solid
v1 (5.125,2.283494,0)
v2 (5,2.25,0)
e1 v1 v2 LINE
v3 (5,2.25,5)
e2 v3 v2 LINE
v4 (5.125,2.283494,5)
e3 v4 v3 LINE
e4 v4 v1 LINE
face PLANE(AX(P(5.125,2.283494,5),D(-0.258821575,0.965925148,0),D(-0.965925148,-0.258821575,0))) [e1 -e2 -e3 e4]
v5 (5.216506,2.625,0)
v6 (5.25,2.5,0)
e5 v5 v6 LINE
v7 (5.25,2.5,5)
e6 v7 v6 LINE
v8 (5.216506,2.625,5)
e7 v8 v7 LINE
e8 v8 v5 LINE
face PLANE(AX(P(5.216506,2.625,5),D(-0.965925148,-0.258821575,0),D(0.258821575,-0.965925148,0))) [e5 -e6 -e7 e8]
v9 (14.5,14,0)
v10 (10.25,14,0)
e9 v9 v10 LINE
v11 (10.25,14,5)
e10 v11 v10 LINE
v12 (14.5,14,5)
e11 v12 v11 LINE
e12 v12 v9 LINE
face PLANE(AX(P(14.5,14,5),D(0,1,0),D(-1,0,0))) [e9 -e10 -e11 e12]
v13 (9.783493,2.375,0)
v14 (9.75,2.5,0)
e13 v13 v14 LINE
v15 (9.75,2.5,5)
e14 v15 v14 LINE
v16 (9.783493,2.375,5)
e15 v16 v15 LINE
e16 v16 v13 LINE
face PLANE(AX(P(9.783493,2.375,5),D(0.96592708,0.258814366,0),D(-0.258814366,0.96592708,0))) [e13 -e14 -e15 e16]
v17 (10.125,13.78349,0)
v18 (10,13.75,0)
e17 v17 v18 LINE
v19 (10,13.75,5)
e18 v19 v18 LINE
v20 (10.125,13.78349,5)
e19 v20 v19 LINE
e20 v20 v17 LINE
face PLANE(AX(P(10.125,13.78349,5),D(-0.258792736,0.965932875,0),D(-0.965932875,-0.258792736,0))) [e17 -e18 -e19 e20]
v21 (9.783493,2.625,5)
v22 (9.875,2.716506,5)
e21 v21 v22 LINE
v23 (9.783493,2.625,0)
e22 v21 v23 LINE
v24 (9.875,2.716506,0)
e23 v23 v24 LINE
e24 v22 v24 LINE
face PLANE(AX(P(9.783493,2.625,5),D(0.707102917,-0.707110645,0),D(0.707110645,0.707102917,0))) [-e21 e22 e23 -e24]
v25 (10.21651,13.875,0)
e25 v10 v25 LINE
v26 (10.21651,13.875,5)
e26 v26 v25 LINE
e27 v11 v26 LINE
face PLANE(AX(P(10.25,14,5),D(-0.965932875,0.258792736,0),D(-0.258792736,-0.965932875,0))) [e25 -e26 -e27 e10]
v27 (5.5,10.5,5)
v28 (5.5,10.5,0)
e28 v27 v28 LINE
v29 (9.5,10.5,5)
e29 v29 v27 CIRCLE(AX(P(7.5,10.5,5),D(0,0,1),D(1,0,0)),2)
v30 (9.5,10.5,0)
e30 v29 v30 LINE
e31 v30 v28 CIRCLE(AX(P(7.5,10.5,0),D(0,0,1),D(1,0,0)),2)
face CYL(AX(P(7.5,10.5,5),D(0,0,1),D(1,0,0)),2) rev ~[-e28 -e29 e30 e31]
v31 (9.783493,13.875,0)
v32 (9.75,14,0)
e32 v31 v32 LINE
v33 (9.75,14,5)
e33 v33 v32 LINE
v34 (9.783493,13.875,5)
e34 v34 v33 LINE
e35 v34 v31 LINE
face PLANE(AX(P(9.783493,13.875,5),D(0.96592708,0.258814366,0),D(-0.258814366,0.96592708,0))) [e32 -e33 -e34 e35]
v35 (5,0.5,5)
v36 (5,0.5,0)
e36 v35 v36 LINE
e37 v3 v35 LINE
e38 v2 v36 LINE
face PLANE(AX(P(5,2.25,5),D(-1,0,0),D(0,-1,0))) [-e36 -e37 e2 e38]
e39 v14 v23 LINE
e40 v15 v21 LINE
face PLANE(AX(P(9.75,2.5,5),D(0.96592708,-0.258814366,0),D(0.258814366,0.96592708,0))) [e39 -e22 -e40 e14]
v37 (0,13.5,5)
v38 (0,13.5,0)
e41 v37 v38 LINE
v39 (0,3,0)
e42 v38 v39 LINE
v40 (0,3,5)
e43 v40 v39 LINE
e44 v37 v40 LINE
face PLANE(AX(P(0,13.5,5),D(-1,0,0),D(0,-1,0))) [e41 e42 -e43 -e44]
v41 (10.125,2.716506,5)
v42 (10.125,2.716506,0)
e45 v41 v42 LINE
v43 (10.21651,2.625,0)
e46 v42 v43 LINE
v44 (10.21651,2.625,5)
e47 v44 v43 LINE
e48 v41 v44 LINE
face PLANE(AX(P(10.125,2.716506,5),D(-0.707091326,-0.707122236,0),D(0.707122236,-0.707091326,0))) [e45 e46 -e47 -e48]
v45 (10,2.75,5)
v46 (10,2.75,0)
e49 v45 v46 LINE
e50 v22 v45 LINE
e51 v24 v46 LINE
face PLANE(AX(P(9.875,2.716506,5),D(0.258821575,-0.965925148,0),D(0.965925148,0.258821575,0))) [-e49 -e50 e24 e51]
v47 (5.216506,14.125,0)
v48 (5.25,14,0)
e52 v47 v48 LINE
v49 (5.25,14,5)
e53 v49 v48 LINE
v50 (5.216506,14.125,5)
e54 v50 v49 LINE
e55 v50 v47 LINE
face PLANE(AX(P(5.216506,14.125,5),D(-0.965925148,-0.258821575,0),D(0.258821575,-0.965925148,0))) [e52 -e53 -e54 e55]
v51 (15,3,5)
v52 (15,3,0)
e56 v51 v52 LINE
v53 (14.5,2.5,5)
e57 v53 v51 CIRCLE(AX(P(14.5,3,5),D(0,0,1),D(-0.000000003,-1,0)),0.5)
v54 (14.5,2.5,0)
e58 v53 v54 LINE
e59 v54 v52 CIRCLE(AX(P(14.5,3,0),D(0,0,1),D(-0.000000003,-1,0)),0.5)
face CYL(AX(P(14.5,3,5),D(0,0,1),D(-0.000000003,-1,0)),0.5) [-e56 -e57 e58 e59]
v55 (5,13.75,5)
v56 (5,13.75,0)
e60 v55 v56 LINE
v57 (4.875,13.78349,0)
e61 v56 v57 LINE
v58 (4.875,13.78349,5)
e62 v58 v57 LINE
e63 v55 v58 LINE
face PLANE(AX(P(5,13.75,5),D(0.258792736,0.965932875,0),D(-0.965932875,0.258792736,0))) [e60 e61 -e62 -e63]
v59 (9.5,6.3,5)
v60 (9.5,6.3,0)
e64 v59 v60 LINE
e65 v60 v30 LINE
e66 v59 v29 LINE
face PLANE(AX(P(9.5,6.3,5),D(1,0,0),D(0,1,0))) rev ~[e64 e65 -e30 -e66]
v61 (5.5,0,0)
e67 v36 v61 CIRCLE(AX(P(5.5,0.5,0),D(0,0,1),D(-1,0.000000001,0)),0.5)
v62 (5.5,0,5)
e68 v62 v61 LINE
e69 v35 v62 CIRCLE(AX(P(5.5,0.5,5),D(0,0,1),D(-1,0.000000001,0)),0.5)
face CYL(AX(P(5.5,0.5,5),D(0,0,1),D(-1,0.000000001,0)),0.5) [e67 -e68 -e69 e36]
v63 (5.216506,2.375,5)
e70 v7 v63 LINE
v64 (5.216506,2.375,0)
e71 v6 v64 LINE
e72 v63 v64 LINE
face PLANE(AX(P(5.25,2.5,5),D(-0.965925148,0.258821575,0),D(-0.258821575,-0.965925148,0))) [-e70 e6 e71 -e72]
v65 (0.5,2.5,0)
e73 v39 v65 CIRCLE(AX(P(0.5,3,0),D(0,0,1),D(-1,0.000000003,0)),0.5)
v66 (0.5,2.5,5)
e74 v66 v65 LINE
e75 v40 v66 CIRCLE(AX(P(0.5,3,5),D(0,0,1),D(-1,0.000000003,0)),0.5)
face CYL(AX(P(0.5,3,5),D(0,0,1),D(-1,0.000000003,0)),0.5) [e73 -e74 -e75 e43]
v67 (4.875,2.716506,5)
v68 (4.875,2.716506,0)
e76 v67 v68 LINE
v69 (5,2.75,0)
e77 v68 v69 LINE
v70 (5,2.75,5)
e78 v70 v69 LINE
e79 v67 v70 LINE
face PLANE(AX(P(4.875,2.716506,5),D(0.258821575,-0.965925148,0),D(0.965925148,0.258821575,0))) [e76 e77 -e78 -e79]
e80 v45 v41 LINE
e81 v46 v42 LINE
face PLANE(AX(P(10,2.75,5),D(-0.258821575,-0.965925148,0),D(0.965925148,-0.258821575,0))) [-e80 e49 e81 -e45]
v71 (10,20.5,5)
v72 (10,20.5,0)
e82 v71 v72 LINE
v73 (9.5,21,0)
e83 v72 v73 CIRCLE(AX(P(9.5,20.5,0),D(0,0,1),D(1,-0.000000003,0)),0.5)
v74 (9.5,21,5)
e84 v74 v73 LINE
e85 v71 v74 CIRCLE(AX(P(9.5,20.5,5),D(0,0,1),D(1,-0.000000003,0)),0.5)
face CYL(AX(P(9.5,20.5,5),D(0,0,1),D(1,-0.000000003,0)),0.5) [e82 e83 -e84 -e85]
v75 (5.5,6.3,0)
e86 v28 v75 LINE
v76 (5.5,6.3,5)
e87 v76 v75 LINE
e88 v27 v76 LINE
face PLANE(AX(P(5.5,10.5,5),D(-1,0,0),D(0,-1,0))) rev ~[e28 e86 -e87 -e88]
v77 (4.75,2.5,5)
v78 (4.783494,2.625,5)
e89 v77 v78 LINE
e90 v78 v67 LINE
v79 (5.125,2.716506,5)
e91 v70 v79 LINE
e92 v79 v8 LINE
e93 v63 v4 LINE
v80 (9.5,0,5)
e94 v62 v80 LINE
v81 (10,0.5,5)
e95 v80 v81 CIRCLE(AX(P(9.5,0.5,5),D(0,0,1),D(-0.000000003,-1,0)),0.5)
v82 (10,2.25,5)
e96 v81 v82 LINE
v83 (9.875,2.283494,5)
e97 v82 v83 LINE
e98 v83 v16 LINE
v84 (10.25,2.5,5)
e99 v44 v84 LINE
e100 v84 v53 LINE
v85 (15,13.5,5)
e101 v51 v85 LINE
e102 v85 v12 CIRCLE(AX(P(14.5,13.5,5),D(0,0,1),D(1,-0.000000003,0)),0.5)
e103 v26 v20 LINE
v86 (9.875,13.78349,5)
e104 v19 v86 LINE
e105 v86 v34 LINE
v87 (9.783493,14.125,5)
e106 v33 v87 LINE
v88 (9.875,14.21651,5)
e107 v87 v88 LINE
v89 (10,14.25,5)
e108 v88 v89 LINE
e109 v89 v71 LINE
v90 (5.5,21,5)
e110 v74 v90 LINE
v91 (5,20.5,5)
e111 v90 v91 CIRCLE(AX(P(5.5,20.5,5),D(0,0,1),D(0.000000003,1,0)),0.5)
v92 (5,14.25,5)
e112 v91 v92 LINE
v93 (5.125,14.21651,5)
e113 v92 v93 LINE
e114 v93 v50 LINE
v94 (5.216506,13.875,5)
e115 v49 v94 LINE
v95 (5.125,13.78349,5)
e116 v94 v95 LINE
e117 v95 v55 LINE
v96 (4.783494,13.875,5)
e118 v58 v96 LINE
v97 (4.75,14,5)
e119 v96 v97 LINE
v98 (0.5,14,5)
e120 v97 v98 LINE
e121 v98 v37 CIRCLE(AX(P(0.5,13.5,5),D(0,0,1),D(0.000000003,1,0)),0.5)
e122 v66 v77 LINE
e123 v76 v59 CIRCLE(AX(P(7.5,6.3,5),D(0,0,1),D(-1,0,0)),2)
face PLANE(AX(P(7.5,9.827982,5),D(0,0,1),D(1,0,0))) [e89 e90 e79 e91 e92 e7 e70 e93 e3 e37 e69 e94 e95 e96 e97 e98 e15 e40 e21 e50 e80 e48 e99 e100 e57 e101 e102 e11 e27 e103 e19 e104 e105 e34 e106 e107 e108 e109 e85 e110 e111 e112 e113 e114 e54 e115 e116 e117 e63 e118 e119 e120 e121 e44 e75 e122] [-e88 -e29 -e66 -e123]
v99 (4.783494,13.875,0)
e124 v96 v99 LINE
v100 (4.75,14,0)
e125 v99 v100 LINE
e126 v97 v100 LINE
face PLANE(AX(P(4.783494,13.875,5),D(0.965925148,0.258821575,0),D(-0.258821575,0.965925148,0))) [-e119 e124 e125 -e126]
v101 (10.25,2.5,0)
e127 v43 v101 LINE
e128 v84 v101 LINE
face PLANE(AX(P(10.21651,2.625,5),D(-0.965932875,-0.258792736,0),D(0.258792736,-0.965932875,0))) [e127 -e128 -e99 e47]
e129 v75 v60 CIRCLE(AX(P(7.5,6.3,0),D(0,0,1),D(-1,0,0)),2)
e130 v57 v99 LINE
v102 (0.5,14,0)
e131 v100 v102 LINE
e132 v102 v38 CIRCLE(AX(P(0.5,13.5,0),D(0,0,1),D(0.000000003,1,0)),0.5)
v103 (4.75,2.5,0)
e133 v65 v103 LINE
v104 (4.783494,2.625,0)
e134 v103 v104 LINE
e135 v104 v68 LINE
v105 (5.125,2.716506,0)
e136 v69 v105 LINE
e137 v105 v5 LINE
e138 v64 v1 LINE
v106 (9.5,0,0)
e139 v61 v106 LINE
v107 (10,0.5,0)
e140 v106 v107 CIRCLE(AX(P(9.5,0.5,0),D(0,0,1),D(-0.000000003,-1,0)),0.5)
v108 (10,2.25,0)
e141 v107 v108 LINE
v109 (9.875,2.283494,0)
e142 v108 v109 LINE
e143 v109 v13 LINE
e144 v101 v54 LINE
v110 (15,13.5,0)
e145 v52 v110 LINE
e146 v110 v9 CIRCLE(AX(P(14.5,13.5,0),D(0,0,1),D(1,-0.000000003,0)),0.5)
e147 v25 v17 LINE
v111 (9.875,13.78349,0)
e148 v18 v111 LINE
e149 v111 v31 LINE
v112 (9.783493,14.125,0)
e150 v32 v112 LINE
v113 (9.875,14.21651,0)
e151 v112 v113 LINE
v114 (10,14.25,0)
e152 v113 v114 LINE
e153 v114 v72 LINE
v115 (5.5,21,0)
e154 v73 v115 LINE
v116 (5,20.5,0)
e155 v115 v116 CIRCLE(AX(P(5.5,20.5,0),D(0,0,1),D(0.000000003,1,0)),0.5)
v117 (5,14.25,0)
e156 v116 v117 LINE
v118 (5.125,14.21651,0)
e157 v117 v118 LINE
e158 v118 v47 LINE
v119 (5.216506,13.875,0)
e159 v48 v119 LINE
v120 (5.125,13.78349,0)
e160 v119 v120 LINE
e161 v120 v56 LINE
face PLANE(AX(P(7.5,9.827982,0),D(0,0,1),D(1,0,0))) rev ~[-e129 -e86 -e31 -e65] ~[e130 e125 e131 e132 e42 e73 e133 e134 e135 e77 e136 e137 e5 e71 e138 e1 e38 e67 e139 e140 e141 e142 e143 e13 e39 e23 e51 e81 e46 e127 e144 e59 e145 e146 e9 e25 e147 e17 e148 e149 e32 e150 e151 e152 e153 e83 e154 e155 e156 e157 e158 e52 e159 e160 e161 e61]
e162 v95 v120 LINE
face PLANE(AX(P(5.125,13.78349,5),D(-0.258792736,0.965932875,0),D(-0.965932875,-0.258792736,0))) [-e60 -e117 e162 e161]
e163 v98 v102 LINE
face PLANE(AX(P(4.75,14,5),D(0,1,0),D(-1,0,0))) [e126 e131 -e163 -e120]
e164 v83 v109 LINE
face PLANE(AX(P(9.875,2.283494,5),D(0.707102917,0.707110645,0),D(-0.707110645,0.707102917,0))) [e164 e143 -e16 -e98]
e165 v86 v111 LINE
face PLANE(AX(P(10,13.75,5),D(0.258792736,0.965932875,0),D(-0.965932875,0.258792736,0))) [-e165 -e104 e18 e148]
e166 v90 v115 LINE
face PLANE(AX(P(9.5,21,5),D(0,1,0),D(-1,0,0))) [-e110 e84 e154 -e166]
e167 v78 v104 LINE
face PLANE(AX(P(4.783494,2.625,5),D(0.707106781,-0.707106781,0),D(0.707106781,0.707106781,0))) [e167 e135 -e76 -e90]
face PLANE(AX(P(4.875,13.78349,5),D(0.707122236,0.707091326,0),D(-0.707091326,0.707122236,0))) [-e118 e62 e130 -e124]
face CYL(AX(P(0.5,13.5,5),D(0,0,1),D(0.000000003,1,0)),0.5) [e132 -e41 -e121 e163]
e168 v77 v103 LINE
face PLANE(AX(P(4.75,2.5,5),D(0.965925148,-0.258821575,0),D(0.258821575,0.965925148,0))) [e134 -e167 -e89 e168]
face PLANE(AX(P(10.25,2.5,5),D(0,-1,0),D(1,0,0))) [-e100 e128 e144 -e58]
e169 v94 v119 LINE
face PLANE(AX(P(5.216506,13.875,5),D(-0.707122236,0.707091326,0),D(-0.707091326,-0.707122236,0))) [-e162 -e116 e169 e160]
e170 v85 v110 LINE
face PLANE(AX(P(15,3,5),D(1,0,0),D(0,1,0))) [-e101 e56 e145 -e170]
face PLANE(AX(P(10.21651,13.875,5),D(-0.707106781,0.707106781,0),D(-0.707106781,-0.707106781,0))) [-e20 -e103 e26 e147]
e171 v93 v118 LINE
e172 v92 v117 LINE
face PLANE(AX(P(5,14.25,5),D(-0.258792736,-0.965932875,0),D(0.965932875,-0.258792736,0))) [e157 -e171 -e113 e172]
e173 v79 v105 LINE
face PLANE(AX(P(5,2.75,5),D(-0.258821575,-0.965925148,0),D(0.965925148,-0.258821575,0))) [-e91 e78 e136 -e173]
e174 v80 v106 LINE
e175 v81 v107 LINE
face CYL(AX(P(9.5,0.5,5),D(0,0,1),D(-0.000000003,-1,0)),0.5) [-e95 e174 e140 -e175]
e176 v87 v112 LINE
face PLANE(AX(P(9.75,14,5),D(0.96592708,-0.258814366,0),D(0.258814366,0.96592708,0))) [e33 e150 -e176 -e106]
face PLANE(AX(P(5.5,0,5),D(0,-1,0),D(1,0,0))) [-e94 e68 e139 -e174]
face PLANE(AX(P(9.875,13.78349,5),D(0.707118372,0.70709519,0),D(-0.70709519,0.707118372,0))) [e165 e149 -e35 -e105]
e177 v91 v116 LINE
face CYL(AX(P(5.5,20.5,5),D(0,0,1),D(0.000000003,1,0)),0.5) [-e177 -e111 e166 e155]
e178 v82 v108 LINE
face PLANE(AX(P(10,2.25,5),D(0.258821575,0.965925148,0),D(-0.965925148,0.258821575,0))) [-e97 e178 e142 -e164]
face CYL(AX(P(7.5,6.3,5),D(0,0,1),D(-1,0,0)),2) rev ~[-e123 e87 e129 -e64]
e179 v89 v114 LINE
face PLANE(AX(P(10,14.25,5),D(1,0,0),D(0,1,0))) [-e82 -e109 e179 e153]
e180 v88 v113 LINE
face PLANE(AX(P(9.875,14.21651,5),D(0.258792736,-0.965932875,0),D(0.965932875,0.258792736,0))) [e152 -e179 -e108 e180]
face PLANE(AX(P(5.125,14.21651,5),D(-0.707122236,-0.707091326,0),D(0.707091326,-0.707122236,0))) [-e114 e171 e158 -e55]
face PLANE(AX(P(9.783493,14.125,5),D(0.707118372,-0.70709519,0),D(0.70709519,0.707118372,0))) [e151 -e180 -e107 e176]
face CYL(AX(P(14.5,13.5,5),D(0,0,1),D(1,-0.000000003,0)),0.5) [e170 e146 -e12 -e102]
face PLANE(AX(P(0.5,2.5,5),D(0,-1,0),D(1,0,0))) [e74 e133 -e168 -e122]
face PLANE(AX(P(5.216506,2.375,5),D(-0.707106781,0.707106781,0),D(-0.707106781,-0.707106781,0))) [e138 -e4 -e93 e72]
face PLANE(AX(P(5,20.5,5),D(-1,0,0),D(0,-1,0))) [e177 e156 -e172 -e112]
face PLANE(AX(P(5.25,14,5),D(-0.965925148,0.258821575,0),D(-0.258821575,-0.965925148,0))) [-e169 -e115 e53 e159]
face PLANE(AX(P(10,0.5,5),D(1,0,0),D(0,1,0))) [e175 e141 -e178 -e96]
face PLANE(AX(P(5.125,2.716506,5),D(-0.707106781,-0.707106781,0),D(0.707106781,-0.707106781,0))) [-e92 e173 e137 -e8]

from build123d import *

# Parameters (mm, degrees)
BOSS_EXTRU_1_DEPTH = 5


with BuildPart() as part:
    # Esquisse1 → Boss.-Extru.1 (new body)
    with BuildSketch(Plane.XY.offset(5)):
        with BuildLine():
            Line((10, 14.25), (10, 20.5))
            ThreePointArc((10, 20.5), (9.853553391, 20.853553391), (9.5, 21))
            Line((9.5, 21), (5.5, 21))
            ThreePointArc((5.5, 21), (5.146446609, 20.853553391), (5, 20.5))
            Line((5, 20.5), (5, 14.25))
            Line((5, 14.25), (5.125, 14.21651))
            Line((5.125, 14.21651), (5.216506, 14.125))
            Line((5.216506, 14.125), (5.25, 14))
            Line((5.25, 14), (5.216506, 13.875))
            Line((5.216506, 13.875), (5.125, 13.78349))
            Line((5.125, 13.78349), (5, 13.75))
            Line((5, 13.75), (4.875, 13.78349))
            Line((4.875, 13.78349), (4.783494, 13.875))
            Line((4.783494, 13.875), (4.75, 14))
            Line((4.75, 14), (0.5, 14))
            ThreePointArc((0.5, 14), (0.146446609, 13.853553391), (0, 13.5))
            Line((0, 13.5), (0, 3))
            ThreePointArc((0, 3), (0.146446609, 2.646446609), (0.5, 2.5))
            Line((0.5, 2.5), (4.75, 2.5))
            Line((4.75, 2.5), (4.783494, 2.625))
            Line((4.783494, 2.625), (4.875, 2.716506))
            Line((4.875, 2.716506), (5, 2.75))
            Line((5, 2.75), (5.125, 2.716506))
            Line((5.125, 2.716506), (5.216506, 2.625))
            Line((5.216506, 2.625), (5.25, 2.5))
            Line((5.25, 2.5), (5.216506, 2.375))
            Line((5.216506, 2.375), (5.125, 2.283494))
            Line((5.125, 2.283494), (5, 2.25))
            Line((5, 2.25), (5, 0.4999999))
            ThreePointArc((5, 0.4999999), (5.14644658, 0.14644658), (5.4999999, 0))
            Line((5.4999999, 0), (9.5, 0))
            ThreePointArc((9.5, 0), (9.853553391, 0.146446609), (10, 0.5))
            Line((10, 0.5), (10, 2.25))
            Line((10, 2.25), (9.875, 2.283494))
            Line((9.875, 2.283494), (9.783493, 2.375))
            Line((9.783493, 2.375), (9.75, 2.5))
            Line((9.75, 2.5), (9.783493, 2.625))
            Line((9.783493, 2.625), (9.875, 2.716506))
            Line((9.875, 2.716506), (10, 2.75))
            Line((10, 2.75), (10.125, 2.716506))
            Line((10.125, 2.716506), (10.21651, 2.625))
            Line((10.21651, 2.625), (10.25, 2.5))
            Line((10.25, 2.5), (14.5, 2.5))
            ThreePointArc((14.5, 2.5), (14.853553391, 2.646446609), (15, 3))
            Line((15, 3), (15, 13.5))
            ThreePointArc((15, 13.5), (14.853553391, 13.853553391), (14.5, 14))
            Line((14.5, 14), (10.25, 14))
            Line((10.25, 14), (10.21651, 13.875))
            Line((10.21651, 13.875), (10.125, 13.78349))
            Line((10.125, 13.78349), (10, 13.75))
            Line((10, 13.75), (9.875, 13.78349))
            Line((9.875, 13.78349), (9.783493, 13.875))
            Line((9.783493, 13.875), (9.75, 14))
            Line((9.75, 14), (9.783493, 14.125))
            Line((9.783493, 14.125), (9.875, 14.21651))
            Line((9.875, 14.21651), (10, 14.25))
        make_face()
        with BuildLine():
            Line((5.5, 10.5), (5.5, 6.3))
            ThreePointArc((5.5, 6.3), (7.5, 4.3), (9.5, 6.3))
            Line((9.5, 6.3), (9.5, 10.5))
            ThreePointArc((9.5, 10.5), (7.5, 12.5), (5.5, 10.5))
        make_face(mode=Mode.SUBTRACT)
    extrude(amount=-BOSS_EXTRU_1_DEPTH)


solid = part.part
